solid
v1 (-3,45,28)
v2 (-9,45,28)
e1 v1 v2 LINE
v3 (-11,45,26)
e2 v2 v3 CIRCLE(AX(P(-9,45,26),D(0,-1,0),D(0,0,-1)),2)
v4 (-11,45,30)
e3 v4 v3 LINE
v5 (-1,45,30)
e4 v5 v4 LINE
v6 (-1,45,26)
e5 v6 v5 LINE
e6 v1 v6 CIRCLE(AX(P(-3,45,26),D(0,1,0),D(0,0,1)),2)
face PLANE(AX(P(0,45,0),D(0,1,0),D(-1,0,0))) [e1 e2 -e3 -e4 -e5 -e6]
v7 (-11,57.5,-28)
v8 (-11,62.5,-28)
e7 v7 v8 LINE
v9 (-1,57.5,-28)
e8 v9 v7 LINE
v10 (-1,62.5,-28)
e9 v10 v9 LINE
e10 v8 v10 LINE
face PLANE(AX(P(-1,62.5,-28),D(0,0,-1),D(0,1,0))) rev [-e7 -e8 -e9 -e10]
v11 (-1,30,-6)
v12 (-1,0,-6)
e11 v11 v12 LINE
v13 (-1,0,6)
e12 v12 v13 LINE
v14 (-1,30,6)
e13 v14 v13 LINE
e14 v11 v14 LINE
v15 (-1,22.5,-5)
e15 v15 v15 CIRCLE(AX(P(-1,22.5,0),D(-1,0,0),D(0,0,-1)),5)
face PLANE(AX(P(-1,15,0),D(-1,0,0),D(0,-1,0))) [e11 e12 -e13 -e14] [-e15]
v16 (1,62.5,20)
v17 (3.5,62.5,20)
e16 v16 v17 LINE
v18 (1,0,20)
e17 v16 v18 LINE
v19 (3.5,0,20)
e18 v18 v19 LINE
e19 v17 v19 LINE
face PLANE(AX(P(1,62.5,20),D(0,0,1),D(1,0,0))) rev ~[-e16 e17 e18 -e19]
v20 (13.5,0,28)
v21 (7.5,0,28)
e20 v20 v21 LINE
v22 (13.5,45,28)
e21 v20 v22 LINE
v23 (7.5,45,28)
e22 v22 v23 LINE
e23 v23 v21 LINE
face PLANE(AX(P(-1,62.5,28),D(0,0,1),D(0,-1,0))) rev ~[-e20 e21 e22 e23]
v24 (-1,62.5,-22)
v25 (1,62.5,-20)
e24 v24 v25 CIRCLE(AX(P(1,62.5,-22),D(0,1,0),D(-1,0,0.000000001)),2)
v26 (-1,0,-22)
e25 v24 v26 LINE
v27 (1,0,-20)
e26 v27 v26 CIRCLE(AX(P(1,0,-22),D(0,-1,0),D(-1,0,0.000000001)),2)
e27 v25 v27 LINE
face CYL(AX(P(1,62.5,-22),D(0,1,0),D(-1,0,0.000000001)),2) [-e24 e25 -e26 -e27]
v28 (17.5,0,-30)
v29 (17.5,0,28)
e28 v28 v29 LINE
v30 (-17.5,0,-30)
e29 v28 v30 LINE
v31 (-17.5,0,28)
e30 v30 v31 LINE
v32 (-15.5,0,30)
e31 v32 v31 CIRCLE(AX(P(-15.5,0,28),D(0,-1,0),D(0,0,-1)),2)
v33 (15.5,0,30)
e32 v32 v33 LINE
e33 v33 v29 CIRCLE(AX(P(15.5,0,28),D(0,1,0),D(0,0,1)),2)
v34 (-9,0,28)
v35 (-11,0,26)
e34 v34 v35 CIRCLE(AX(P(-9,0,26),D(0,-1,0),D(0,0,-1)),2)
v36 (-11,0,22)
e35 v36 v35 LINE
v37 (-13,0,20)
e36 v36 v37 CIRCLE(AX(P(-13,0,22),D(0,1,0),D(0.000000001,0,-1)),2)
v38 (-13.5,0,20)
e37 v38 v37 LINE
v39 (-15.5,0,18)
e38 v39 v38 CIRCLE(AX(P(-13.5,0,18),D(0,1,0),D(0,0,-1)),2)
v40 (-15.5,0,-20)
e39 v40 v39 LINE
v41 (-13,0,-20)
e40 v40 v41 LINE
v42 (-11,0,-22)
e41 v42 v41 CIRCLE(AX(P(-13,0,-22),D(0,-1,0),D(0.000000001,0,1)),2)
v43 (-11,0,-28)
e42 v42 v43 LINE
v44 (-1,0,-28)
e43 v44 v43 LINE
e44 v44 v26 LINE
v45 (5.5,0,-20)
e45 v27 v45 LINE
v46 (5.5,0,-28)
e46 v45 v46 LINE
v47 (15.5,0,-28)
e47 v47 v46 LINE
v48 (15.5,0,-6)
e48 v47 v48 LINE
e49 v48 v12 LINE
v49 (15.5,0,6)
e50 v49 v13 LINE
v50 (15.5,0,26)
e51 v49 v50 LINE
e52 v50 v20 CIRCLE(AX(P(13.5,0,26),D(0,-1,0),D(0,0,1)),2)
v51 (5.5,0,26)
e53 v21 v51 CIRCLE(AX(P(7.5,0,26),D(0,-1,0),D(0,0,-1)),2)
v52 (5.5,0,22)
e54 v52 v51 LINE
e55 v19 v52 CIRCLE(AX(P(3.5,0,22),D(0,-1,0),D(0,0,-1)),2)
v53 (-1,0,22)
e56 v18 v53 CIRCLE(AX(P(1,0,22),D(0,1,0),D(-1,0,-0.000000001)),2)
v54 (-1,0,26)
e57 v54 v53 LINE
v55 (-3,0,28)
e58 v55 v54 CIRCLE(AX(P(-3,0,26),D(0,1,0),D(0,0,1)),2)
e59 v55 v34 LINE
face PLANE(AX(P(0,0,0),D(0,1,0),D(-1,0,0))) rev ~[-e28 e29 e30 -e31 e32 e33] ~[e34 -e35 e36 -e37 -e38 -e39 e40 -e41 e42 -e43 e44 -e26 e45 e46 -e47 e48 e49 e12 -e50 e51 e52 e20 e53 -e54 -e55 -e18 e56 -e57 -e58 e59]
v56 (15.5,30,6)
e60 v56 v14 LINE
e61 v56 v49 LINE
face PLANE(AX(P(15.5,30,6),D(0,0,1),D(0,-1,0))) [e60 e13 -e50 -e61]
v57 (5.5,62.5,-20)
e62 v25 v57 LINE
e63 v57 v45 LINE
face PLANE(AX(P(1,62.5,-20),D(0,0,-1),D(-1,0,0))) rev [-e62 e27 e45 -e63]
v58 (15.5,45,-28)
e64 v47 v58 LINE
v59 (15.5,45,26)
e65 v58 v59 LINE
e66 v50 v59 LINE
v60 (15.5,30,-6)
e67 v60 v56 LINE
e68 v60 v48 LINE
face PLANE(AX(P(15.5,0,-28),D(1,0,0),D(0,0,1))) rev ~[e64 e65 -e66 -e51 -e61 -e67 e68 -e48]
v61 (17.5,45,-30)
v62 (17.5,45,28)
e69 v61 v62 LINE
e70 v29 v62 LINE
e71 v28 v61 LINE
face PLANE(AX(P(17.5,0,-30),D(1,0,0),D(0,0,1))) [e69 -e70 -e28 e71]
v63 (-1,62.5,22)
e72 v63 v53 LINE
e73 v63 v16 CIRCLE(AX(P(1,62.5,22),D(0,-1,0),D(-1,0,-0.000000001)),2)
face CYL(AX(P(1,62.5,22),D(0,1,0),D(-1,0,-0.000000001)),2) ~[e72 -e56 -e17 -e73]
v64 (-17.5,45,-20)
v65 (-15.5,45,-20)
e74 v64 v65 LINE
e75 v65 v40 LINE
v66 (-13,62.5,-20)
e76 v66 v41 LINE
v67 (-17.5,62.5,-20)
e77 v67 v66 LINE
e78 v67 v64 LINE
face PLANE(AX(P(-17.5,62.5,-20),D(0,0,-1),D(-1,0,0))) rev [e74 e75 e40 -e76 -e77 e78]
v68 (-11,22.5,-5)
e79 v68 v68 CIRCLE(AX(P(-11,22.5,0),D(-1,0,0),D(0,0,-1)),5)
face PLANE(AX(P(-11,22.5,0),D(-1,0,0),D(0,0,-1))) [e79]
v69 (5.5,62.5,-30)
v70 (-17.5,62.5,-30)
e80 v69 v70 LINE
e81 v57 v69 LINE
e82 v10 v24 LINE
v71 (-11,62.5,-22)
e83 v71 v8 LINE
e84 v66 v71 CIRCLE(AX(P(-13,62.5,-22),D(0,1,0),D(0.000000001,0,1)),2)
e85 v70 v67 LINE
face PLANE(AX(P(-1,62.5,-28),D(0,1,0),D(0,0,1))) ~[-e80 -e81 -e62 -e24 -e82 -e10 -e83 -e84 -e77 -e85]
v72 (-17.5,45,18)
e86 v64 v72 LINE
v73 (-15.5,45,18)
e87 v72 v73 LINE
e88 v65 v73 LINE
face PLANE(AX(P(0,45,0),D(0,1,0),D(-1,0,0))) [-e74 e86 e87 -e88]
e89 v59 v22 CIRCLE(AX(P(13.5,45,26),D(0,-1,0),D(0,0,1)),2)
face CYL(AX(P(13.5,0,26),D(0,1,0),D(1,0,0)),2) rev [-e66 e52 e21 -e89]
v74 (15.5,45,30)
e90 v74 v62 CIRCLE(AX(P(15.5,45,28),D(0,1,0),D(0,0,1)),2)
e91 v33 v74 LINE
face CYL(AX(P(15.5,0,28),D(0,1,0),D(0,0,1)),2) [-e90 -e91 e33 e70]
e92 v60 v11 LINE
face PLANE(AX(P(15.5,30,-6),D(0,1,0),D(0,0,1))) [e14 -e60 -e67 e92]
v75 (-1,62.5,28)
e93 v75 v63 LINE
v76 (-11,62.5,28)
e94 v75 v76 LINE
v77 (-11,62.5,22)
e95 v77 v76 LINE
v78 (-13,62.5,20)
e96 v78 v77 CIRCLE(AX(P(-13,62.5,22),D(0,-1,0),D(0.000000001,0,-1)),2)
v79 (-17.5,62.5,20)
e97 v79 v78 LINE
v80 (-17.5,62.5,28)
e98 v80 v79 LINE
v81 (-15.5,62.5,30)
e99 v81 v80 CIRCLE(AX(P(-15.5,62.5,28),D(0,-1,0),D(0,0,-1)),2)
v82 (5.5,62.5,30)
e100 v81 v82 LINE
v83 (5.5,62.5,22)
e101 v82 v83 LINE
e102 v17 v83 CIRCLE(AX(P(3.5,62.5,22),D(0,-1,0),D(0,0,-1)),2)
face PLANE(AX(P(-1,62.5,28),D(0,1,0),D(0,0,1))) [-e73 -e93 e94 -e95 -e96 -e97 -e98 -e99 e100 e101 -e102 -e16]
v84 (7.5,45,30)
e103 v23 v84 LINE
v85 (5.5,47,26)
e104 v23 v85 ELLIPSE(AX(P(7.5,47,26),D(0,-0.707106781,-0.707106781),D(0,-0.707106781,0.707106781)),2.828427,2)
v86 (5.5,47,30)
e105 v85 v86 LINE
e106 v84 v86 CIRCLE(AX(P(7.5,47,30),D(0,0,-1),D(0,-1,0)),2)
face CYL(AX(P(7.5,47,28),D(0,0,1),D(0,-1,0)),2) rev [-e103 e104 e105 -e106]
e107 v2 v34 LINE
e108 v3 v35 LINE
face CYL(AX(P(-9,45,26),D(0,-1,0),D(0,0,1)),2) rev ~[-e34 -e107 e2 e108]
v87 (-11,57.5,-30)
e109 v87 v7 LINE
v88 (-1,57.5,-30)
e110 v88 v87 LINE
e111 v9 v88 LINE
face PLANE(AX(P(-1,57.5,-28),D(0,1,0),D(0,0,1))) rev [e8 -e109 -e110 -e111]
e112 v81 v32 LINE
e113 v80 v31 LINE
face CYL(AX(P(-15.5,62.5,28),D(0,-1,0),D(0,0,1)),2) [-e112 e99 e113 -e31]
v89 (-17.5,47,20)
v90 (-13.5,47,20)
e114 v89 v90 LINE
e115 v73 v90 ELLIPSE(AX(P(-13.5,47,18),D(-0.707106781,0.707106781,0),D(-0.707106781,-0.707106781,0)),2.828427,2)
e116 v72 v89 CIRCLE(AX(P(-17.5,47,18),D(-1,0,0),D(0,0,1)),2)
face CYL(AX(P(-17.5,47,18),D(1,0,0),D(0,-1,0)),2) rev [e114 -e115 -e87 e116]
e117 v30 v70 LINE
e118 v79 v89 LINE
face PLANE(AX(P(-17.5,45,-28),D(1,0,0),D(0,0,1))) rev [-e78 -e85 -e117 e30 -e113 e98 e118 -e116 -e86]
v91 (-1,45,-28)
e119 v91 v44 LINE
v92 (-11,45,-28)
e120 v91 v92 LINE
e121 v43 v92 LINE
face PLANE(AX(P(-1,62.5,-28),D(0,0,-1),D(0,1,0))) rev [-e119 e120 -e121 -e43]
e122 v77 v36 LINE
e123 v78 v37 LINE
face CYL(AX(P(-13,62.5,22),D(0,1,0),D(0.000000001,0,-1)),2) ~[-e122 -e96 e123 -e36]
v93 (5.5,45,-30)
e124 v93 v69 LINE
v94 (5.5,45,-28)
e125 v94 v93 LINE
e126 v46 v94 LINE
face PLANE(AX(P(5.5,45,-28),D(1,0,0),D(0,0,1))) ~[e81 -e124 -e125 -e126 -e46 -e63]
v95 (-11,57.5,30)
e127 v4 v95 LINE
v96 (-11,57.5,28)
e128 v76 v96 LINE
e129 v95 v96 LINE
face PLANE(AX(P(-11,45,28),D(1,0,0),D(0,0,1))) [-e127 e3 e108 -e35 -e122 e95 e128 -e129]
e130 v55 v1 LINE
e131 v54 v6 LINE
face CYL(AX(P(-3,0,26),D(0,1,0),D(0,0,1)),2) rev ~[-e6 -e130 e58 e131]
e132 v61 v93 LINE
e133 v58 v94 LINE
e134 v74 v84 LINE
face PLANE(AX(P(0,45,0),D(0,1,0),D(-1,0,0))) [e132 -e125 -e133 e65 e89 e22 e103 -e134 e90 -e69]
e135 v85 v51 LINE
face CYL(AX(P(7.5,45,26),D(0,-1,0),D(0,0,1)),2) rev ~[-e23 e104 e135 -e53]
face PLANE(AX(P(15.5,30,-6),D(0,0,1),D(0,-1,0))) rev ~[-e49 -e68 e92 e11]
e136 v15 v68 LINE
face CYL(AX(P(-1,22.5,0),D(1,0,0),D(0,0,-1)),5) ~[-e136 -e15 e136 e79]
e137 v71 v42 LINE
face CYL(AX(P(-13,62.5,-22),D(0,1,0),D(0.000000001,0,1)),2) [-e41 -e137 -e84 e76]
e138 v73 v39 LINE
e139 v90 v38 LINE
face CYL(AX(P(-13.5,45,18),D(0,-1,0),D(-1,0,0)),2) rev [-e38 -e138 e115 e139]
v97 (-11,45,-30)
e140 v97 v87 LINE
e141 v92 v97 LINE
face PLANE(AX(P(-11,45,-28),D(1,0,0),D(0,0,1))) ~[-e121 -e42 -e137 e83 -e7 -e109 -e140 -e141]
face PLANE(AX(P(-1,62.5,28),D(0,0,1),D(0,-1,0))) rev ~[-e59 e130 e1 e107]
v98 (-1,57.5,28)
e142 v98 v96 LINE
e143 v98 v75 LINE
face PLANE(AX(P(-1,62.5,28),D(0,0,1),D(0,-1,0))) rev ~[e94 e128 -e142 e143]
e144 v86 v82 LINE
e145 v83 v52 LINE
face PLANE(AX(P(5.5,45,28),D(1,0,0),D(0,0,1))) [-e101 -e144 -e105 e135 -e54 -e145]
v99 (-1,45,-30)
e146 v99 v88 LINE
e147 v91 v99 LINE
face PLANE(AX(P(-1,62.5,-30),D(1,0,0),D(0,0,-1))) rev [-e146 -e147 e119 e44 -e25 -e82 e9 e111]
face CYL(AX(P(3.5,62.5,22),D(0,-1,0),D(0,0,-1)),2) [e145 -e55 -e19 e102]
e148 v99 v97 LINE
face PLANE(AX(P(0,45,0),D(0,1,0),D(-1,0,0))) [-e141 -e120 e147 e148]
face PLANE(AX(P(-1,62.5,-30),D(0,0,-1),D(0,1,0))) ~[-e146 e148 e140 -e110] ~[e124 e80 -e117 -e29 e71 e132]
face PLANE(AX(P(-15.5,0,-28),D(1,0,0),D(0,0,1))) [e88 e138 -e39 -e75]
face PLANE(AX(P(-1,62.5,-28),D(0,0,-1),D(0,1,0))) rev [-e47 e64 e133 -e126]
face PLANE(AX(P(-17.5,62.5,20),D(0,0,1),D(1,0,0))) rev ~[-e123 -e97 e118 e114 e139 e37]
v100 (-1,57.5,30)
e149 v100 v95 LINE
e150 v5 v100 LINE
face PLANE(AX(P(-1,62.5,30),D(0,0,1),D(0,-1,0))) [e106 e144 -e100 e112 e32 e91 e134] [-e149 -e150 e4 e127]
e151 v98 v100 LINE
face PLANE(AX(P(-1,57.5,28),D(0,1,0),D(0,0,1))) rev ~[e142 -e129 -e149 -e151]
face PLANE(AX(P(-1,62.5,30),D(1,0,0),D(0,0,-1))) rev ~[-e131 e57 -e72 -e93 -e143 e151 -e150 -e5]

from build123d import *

# Parameters (mm, degrees)
SKETCH1_W           = 35
SKETCH1_H           = 60
SKETCH1_W_2         = 31
SKETCH1_H_2         = 56
BOSS_EXTRUDE1_DEPTH = 45
SKETCH2_W           = 30
SKETCH2_H           = 12
BOSS_EXTRUDE2_DEPTH = 16.5
SKETCH3_R           = 5
BOSS_EXTRUDE3_DEPTH = 10
SKETCH4_W           = 6.5
SKETCH4_H           = 2
BOSS_EXTRUDE4_DEPTH = 17.5
BOSS_EXTRUDE5_REACH = 73.753
SKETCH5_W           = 5
SKETCH5_H           = 2
BOSS_EXTRUDE6_REACH = 73.502
FILLET1_R           = 2


with BuildPart() as part:
    # Sketch1 → Boss-Extrude1 (new body)
    with BuildSketch(Plane(origin=(0, 0, 0), x_dir=(-1, 0, 0), z_dir=(0, 1, 0))):
        Rectangle(SKETCH1_W, SKETCH1_H)
        Rectangle(SKETCH1_W_2, SKETCH1_H_2, mode=Mode.SUBTRACT)
    extrude(amount=BOSS_EXTRUDE1_DEPTH)

    # Sketch2 → Boss-Extrude2 (add)
    with BuildSketch(Plane(origin=(15.5, 0, 0), x_dir=(0, -1, 0), z_dir=(-1, 0, 0))):
        with Locations((-15, 0)):
            Rectangle(SKETCH2_W, SKETCH2_H)
    extrude(amount=BOSS_EXTRUDE2_DEPTH)

    # Sketch3 → Boss-Extrude3 (add)
    with BuildSketch(Plane(origin=(-1, 0, 0), x_dir=(0, -1, 0), z_dir=(-1, 0, 0))):
        with Locations(Location((-22.5, 0, 0), (0, 0, 270))):
            Circle(SKETCH3_R)
    extrude(amount=BOSS_EXTRUDE3_DEPTH)

    # Sketch4 → Boss-Extrude4 (add)
    with BuildSketch(Plane(origin=(0, 45, 0), x_dir=(-1, 0, 0), z_dir=(0, 1, 0))):
        with Locations((14.25, 29)):
            Rectangle(SKETCH4_W, SKETCH4_H)
        with Locations((-2.25, 29)):
            Rectangle(SKETCH4_W, SKETCH4_H)
    boss_extrude4 = extrude(amount=BOSS_EXTRUDE4_DEPTH)

    # Sketch5 → Boss-Extrude5 (add, up to next)
    with BuildSketch(Plane(origin=(-1, 0, 0), x_dir=(0, -1, 0), z_dir=(-1, 0, 0)), mode=Mode.PRIVATE) as boss_extrude5_sk1:
        with Locations((-60, 29)):
            Rectangle(SKETCH5_W, SKETCH5_H)
    boss_extrude5_tool1 = extrude(boss_extrude5_sk1.sketch, amount=BOSS_EXTRUDE5_REACH, mode=Mode.PRIVATE) - part.part
    boss_extrude5 = boss_extrude5_tool1.solids().sort_by_distance((-1, 60, 29))[0]
    add(boss_extrude5)

    # Mirror1: Boss-Extrude4, Boss-Extrude5 across plane
    add(boss_extrude4.mirror(Plane.XY))
    add(boss_extrude5.mirror(Plane.XY))

    # Boss-Extrude6: up to this face of the body (flat: up to its plane)
    boss_extrude6_end = Plane(part.part.faces().sort_by_distance((2.554270463, 0, 0))[0])
    # Sketch7 → Boss-Extrude6 (add, up to the picked face)
    with BuildSketch(Plane(origin=(0, 62.5, 0), x_dir=(-1, 0, 0), z_dir=(0, 1, 0)), mode=Mode.PRIVATE) as boss_extrude6_sk1:
        with BuildLine():
            Line((11, 30), (17.5, 30))
            Line((17.5, 30), (17.5, 20))
            Line((17.5, 20), (13, 20))
            ThreePointArc((13, 20), (11.585786438, 20.585786438), (11, 22))
            Line((11, 22), (11, 30))
        make_face()
    boss_extrude6_tool1 = split(extrude(boss_extrude6_sk1.sketch, amount=-BOSS_EXTRUDE6_REACH, mode=Mode.PRIVATE), bisect_by=boss_extrude6_end, keep=Keep.BOTH, mode=Mode.PRIVATE)
    # Sketch7 → Boss-Extrude6 (add, up to the picked face)
    with BuildSketch(Plane(origin=(0, 62.5, 0), x_dir=(-1, 0, 0), z_dir=(0, 1, 0)), mode=Mode.PRIVATE) as boss_extrude6_sk2:
        with BuildLine():
            Line((-5.5, 30), (1, 30))
            Line((1, 30), (1, 22))
            ThreePointArc((1, 22), (0.414213562, 20.585786438), (-1, 20))
            Line((-1, 20), (-5.5, 20))
            Line((-5.5, 20), (-5.5, 30))
        make_face()
    boss_extrude6_tool2 = split(extrude(boss_extrude6_sk2.sketch, amount=-BOSS_EXTRUDE6_REACH, mode=Mode.PRIVATE), bisect_by=boss_extrude6_end, keep=Keep.BOTH, mode=Mode.PRIVATE)
    boss_extrude6_1 = boss_extrude6_tool1.solids().sort_by(Axis((-14.287516, 62.5, 25.060936), (0, -1, 0)))[0]
    add(boss_extrude6_1)
    boss_extrude6_2 = boss_extrude6_tool2.solids().sort_by(Axis((2.287516, 62.5, 25.060936), (0, -1, 0)))[0]
    add(boss_extrude6_2)
    boss_extrude6 = boss_extrude6_1 + boss_extrude6_2  # Boss-Extrude6 as one shape, for the pattern or mirror that repeats it

    # Fillet1
    fillet1_edges = [part.edges().sort_by_distance(p)[0] for p in [
        (-15.5, 22.5, 20),
        (-16.5, 45, 20),
        (-11, 22.5, 28),
        (-1, 22.5, 28),
        (5.5, 22.5, 28),
        (5.5, 31.25, 20),
        (15.5, 22.5, 28),
        (5.5, 45, 29),
        (17.5, 22.5, 30),
        (-17.5, 31.25, 30),
    ]]
    fillet(fillet1_edges, radius=FILLET1_R)

    # Mirror2: Boss-Extrude4, Boss-Extrude5, Boss-Extrude6 across plane
    add(boss_extrude4.mirror(Plane.XY))
    add(boss_extrude5.mirror(Plane.XY))
    add(boss_extrude6.mirror(Plane.XY))


solid = part.part
